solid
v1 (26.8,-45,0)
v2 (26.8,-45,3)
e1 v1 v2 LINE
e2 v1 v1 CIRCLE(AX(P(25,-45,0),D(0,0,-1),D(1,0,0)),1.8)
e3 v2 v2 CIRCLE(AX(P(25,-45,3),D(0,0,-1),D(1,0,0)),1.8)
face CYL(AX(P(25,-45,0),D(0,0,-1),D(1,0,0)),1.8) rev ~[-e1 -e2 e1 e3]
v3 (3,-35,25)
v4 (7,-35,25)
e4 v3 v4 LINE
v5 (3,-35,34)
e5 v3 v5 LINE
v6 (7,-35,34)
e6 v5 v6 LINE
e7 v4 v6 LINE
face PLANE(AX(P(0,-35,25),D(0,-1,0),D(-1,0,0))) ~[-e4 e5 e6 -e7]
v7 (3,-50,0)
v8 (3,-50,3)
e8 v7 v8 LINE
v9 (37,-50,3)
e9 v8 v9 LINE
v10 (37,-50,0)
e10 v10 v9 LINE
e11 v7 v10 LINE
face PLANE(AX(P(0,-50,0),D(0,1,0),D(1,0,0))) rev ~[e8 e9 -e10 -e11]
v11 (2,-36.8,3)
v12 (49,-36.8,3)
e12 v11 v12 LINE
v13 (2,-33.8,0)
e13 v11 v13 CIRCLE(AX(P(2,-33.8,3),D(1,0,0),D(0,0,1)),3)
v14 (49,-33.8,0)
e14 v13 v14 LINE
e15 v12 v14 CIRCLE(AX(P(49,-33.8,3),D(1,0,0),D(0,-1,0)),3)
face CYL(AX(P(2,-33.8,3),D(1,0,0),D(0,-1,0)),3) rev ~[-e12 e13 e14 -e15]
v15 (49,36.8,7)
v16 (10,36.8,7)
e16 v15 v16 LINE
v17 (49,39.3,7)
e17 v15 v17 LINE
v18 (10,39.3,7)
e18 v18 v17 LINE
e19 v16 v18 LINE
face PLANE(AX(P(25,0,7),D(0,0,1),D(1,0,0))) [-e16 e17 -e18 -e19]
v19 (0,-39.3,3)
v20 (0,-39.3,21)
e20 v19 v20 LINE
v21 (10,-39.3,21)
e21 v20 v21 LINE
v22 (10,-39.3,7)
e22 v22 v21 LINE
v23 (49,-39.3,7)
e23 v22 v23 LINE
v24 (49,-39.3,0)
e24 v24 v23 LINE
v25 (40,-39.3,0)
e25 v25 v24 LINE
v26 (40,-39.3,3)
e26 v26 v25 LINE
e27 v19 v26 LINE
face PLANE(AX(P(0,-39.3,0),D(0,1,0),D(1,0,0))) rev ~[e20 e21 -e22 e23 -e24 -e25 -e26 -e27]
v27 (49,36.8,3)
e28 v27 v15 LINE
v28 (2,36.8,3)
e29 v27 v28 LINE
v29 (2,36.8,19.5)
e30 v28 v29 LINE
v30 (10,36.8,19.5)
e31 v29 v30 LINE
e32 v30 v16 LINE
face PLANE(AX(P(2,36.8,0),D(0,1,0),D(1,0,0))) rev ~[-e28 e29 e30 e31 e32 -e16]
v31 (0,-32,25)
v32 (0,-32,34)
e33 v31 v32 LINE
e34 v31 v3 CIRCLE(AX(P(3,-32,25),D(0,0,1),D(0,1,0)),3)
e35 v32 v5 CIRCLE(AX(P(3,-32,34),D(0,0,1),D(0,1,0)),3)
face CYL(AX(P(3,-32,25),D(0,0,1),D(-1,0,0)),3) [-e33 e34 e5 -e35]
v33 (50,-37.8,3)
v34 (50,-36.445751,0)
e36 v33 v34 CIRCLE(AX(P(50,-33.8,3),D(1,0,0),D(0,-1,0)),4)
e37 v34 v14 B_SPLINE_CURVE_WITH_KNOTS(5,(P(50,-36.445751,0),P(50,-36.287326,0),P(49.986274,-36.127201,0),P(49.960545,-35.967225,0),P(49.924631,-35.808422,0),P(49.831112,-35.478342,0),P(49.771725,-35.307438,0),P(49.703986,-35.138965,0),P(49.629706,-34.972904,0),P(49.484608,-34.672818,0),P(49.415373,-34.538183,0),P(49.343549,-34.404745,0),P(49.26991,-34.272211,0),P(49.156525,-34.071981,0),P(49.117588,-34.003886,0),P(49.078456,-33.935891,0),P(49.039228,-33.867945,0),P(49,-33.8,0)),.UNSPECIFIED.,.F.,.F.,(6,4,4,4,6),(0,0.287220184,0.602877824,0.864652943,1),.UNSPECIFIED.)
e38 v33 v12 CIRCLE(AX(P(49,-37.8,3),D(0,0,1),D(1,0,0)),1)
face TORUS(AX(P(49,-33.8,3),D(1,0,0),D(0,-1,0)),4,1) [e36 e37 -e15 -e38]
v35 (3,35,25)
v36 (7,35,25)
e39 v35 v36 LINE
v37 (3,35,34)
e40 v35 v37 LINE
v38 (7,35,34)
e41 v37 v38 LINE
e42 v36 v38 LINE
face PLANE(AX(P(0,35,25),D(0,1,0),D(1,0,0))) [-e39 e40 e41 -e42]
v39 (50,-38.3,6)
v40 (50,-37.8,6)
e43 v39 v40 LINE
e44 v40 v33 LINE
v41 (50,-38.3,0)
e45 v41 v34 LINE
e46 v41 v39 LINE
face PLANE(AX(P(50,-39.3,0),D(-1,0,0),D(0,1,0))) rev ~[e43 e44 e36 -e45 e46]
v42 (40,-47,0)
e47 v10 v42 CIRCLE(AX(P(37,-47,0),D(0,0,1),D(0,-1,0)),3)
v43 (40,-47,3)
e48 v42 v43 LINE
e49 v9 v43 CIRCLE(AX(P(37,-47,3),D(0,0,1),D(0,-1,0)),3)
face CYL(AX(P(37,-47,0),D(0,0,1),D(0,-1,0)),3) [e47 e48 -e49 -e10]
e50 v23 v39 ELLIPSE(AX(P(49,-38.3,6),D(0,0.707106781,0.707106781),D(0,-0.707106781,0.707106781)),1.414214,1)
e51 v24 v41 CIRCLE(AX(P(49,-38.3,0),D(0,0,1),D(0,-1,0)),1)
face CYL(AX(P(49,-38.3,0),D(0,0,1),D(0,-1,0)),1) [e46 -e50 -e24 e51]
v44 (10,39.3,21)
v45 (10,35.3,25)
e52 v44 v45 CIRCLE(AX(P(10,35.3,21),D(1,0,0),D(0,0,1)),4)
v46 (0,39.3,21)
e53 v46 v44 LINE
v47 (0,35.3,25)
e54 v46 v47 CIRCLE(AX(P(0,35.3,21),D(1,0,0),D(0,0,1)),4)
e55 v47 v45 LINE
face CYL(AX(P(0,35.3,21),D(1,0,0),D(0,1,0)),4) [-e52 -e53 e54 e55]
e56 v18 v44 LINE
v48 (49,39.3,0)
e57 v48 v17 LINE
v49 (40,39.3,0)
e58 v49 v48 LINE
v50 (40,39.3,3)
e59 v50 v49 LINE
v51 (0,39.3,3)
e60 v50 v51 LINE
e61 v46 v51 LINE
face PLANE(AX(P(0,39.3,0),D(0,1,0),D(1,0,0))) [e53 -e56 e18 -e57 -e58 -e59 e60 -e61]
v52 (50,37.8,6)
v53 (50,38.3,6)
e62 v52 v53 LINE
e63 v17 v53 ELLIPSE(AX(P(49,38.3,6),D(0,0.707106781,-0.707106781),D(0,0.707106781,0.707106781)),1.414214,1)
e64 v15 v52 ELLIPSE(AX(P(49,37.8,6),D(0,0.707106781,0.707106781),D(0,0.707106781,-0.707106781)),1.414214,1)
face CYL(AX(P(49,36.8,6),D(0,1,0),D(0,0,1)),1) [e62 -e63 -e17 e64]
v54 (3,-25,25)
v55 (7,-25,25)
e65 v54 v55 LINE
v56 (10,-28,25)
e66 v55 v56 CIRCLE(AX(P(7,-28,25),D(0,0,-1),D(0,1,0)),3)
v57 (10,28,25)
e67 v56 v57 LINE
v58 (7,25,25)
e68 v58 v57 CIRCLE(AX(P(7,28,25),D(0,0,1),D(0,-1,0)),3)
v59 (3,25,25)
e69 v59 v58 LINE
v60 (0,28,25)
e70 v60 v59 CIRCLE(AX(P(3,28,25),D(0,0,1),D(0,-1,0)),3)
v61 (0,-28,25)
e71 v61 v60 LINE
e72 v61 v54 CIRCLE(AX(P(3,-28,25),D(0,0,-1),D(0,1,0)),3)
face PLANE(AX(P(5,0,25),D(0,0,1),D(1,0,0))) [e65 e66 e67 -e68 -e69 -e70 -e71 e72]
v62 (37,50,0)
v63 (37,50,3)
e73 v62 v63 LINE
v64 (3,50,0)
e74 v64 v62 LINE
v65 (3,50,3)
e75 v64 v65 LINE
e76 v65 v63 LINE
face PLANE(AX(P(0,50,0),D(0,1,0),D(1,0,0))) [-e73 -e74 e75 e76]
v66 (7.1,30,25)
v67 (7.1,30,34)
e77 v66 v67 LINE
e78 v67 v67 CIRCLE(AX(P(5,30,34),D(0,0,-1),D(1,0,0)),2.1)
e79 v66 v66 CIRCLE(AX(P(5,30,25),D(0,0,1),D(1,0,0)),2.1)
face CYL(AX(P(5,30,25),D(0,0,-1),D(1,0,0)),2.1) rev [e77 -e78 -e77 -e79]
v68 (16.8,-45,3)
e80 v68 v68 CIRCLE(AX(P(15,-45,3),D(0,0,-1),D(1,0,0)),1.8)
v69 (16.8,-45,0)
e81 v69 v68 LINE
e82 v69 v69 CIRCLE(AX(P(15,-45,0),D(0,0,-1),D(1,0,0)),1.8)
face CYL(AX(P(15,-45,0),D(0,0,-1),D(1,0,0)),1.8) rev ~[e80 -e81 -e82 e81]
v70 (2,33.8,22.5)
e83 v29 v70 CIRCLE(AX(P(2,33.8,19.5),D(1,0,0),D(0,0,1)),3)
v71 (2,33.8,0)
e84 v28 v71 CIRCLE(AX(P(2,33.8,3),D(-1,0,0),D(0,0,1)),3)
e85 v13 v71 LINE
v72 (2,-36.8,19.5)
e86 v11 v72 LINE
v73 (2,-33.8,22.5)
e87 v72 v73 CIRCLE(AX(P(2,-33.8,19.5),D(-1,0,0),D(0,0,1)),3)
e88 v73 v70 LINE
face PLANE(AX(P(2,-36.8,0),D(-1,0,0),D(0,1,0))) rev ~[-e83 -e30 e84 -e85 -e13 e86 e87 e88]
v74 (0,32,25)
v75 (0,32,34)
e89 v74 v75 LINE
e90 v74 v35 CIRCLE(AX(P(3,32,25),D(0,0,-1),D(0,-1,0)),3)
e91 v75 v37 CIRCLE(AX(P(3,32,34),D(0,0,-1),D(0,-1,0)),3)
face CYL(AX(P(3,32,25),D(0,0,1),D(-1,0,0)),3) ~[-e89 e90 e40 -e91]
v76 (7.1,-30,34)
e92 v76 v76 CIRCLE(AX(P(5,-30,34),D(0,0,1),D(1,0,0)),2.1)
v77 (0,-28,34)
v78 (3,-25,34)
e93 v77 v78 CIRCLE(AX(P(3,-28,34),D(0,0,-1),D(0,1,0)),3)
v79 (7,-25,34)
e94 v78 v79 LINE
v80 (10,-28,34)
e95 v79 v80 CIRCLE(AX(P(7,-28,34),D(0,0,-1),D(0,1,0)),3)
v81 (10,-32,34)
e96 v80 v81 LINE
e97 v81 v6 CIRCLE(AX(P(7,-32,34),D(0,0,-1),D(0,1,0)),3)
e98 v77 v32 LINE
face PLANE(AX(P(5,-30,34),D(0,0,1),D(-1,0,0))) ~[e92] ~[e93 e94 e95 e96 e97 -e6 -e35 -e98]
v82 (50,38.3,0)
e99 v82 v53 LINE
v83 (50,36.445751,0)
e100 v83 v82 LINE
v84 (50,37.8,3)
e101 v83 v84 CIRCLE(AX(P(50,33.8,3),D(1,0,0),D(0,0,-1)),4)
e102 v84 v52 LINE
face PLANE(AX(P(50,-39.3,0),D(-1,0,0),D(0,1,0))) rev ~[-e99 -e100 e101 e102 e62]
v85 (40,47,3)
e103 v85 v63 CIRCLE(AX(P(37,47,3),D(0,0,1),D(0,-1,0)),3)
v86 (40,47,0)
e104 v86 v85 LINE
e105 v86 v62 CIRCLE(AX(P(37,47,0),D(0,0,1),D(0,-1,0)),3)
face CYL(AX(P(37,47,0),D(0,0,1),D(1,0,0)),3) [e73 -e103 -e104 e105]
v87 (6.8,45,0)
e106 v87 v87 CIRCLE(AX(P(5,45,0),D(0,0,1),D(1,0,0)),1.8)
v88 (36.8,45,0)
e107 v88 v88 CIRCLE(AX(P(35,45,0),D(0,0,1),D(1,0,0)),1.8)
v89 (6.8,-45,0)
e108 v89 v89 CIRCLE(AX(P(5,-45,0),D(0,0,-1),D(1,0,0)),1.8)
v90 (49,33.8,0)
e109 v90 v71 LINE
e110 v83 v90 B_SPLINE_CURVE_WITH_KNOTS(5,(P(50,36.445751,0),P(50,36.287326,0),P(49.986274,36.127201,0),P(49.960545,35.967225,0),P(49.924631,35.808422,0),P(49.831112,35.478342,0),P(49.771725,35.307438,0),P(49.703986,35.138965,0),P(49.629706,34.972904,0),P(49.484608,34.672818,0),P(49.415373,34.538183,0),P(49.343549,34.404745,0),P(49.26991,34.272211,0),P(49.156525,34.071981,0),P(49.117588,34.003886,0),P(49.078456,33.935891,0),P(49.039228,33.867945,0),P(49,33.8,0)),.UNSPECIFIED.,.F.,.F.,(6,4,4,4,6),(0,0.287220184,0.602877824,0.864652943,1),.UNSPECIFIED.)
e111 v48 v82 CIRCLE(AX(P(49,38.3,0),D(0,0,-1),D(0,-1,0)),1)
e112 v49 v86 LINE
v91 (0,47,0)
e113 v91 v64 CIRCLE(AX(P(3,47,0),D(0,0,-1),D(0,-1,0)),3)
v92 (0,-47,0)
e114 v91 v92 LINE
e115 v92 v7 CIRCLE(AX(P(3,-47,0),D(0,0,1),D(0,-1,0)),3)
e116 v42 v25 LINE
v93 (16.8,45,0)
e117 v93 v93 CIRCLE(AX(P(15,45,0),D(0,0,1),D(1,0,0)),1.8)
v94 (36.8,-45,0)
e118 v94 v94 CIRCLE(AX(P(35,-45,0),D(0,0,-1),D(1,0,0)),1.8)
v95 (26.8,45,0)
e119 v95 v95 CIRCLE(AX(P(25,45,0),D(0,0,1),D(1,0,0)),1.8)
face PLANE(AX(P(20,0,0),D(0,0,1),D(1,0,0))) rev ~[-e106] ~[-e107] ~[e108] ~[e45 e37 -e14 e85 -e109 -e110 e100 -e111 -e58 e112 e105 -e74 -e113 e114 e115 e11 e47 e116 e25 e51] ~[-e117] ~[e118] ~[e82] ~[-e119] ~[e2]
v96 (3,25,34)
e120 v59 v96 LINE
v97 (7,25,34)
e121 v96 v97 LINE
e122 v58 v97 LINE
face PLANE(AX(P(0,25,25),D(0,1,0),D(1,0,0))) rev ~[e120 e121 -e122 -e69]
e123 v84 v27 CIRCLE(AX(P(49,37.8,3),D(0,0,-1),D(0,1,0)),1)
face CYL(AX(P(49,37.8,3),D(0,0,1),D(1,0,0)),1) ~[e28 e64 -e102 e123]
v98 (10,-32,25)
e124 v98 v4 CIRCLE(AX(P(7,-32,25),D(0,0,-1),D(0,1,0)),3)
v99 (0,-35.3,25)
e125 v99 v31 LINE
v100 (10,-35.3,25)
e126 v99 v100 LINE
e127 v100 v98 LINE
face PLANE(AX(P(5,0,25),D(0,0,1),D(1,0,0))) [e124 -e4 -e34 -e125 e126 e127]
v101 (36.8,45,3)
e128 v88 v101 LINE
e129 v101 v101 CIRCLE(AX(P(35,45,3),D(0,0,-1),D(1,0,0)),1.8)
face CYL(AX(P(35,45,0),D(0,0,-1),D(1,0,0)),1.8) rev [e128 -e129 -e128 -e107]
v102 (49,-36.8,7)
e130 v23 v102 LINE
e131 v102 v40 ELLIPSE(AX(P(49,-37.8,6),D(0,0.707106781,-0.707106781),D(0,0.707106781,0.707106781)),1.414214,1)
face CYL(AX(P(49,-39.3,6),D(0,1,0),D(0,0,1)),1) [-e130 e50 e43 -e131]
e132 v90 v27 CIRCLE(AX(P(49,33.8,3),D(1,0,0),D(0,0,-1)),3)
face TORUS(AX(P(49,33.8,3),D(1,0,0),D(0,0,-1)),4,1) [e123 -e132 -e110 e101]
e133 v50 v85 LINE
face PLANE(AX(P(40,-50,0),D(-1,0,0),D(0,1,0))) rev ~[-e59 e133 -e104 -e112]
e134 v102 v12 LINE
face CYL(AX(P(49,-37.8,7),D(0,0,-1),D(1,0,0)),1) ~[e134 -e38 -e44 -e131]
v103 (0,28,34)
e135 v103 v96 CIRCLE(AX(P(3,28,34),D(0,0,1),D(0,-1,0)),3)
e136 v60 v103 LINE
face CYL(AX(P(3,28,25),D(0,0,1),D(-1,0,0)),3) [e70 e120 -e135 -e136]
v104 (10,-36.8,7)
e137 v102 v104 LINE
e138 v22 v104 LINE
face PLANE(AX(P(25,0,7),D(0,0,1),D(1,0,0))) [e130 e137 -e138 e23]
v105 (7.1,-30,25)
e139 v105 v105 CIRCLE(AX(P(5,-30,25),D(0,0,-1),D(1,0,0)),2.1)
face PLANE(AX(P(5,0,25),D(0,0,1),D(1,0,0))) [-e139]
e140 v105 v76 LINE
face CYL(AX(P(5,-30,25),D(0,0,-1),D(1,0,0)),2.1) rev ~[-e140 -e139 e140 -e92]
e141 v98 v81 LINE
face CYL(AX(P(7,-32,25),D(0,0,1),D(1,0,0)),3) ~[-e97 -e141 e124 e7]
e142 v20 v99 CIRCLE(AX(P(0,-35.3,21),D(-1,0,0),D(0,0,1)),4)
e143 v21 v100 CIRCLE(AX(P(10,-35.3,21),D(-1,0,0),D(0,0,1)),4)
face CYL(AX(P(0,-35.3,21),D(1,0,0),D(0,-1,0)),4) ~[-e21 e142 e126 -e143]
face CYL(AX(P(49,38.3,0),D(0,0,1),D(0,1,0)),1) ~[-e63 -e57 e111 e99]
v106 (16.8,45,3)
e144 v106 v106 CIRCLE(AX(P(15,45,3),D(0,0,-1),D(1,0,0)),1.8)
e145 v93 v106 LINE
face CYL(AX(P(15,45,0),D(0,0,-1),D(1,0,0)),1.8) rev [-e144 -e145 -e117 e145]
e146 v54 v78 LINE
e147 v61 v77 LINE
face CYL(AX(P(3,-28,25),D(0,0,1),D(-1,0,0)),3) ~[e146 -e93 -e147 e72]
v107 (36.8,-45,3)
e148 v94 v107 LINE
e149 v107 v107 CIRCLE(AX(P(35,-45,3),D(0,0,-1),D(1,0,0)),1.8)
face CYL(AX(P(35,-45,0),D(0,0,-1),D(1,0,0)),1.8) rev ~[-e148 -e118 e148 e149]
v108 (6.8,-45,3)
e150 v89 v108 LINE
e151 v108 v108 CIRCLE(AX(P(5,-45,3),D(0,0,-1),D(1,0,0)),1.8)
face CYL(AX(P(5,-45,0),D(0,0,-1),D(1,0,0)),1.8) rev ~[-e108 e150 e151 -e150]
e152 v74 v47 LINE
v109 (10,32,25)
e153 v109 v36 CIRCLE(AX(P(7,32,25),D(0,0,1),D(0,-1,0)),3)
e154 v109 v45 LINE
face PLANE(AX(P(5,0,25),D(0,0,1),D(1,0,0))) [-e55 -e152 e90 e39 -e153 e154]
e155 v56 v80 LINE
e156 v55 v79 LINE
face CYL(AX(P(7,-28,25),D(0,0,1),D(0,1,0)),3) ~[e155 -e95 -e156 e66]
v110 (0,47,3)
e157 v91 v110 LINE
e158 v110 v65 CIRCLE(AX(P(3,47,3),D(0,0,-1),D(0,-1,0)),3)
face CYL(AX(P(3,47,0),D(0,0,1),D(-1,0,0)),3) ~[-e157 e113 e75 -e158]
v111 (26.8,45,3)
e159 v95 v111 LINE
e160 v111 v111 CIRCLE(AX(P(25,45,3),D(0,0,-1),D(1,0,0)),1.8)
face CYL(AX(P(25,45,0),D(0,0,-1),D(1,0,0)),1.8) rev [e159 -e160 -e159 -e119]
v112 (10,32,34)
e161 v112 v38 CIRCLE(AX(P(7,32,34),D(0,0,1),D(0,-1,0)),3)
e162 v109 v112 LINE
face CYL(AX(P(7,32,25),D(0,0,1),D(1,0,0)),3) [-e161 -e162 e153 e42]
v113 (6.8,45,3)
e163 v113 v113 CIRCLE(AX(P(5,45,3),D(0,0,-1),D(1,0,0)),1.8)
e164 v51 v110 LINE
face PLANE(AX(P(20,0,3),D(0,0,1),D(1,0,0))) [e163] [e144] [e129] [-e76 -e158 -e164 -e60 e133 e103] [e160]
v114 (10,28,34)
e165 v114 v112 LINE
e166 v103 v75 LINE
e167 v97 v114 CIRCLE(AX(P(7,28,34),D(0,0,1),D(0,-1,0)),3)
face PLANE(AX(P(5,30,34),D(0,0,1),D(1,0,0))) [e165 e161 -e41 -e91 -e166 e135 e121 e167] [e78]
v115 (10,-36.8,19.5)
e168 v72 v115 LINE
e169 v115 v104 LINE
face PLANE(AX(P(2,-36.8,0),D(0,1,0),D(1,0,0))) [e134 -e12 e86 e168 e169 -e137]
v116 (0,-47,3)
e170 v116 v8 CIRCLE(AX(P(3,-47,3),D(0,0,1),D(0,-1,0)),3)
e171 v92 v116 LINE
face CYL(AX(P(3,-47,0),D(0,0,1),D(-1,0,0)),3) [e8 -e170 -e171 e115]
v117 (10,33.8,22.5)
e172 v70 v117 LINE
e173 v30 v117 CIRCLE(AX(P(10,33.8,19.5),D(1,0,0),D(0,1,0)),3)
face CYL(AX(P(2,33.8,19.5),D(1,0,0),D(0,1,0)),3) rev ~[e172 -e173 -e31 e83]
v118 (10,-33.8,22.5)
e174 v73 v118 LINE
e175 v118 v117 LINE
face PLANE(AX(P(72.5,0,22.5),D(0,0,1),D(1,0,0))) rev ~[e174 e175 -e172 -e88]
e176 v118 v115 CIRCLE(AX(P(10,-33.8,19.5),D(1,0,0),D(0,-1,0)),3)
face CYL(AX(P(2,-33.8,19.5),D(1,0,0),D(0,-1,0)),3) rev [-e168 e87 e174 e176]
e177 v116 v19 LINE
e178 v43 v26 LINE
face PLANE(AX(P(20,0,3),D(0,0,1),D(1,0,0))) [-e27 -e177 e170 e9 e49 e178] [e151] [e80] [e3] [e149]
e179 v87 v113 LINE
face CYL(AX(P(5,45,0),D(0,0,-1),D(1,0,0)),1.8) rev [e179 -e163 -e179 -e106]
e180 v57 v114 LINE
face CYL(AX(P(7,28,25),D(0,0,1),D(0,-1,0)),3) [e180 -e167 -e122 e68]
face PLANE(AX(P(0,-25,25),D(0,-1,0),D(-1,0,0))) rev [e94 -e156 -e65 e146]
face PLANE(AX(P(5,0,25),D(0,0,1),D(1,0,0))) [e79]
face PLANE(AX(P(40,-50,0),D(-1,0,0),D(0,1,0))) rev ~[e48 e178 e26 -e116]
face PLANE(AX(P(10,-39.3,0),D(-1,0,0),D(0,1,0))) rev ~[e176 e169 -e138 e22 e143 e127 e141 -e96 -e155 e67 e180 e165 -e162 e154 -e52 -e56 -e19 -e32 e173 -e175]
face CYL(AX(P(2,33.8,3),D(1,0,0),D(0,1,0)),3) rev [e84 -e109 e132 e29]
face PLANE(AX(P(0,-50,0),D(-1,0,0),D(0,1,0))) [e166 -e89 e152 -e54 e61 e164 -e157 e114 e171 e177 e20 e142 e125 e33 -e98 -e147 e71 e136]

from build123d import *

# Parameters (mm, degrees)
BOX_W             = 141
BOX_H             = 73.6
BOX_DEPTH         = 22.5
FILLET_R          = 3
CYLINDER001_R     = 2.1
CYLINDER001_DEPTH = 10
BOX003_W          = 10
BOX003_H          = 10
BOX003_DEPTH      = 9
FILLET003_R       = 3
CYLINDER_R        = 1.8
CYLINDER_DEPTH    = 10
ARRAY_X_COUNT     = 4
ARRAY_X_PITCH     = 10
BOX002_W          = 40
BOX002_H          = 100
BOX002_DEPTH      = 3
FILLET001_R       = 3
BOX005_W          = 50
BOX005_H          = 78.6
BOX005_DEPTH      = 7
FILLET005_R       = 1
BOX001_W          = 10
BOX001_H          = 78.6
BOX001_DEPTH      = 25
FILLET002_R       = 4


with BuildPart() as battery_fillet:
    # Box → Box (new body)
    with BuildSketch(Plane(origin=(2, 0, 0), x_dir=(1, 0, 0), z_dir=(0, 0, 1))):
        with Locations((70.5, 36.8)):
            Rectangle(BOX_W, BOX_H)
    extrude(amount=BOX_DEPTH)

    # Fillet
    fillet_edges = [battery_fillet.edges().sort_by_distance(p)[0] for p in [
        (72.5, 0, 0),
        (72.5, 0, 22.5),
        (72.5, 73.6, 0),
        (72.5, 73.6, 22.5),
    ]]
    fillet(fillet_edges, radius=FILLET_R)


with BuildPart() as battery_fillet_1:
    # Fillet placement: moved
    add(battery_fillet.part.moved(Location((0, -36.8, 0))))


with BuildPart() as insert_hole:
    # Cylinder001 → Cylinder001 (new body)
    with BuildSketch(Plane(origin=(5, 0, 0), x_dir=(1, 0, 0), z_dir=(0, 0, 1))):
        Circle(CYLINDER001_R)
    extrude(amount=CYLINDER001_DEPTH)


with BuildPart() as top_insert_box_cut:
    # Box003 → Box003 (new body)
    with BuildSketch(Plane(origin=(0, -5, 0), x_dir=(1, 0, 0), z_dir=(0, 0, 1))):
        with Locations((5, 5)):
            Rectangle(BOX003_W, BOX003_H)
    extrude(amount=BOX003_DEPTH)

    # Fillet003
    fillet003_edges = [top_insert_box_cut.edges().sort_by_distance(p)[0] for p in [
        (0, -5, 4.5),
        (0, 5, 4.5),
        (10, -5, 4.5),
        (10, 5, 4.5),
    ]]
    fillet(fillet003_edges, radius=FILLET003_R)

    # Cut: cut insert hole
    add(insert_hole.part, mode=Mode.SUBTRACT)


with BuildPart() as top_insert_box_cut_1:
    # Cut placement: moved
    add(top_insert_box_cut.part.moved(Location((0, 30, 25))))


with BuildPart() as part_mirroring001:
    # Part__Mirroring001: instance of top insert box cut
    add(top_insert_box_cut_1.part.mirror(Plane(origin=(0, 0, 0), x_dir=(1, 0, 0), z_dir=(0, 1, 0))))


with BuildPart() as bolt_hole:
    # Cylinder → Cylinder (new body)
    with BuildSketch(Plane(origin=(5, 45, 0), x_dir=(1, 0, 0), z_dir=(0, 0, 1))):
        Circle(CYLINDER_R)
    extrude(amount=CYLINDER_DEPTH)


with BuildPart() as bolt_hole_array:
    # Part__Mirroring: instance of bolt hole
    add(bolt_hole.part.mirror(Plane(origin=(0, 0, 0), x_dir=(1, 0, 0), z_dir=(0, 1, 0))))

    # Fusion: union bolt hole
    add(bolt_hole.part)

    # Array X: bolt hole array ×4


with BuildPart() as bolt_hole_array_1:
    add(bolt_hole_array.part)
    with Locations(*[(i * ARRAY_X_PITCH, 0, 0) for i in range(1, ARRAY_X_COUNT)]):
        add(bolt_hole_array.part)


with BuildPart() as back_wall_bottom_cut:
    # Box002 → Box002 (new body)
    with BuildSketch(Plane(origin=(0, -50, 0), x_dir=(1, 0, 0), z_dir=(0, 0, 1))):
        with Locations((20, 50)):
            Rectangle(BOX002_W, BOX002_H)
    extrude(amount=BOX002_DEPTH)

    # Fillet001
    fillet001_edges = [back_wall_bottom_cut.edges().sort_by_distance(p)[0] for p in [
        (0, -50, 1.5),
        (0, 50, 1.5),
        (40, -50, 1.5),
        (40, 50, 1.5),
    ]]
    fillet(fillet001_edges, radius=FILLET001_R)

    # Cut001: cut bolt hole array
    add(bolt_hole_array_1.part, mode=Mode.SUBTRACT)


with BuildPart() as big_bottom_cube_fillet:
    # Box005 → Box005 (new body)
    with BuildSketch(Plane(origin=(0, -39.3, 0), x_dir=(1, 0, 0), z_dir=(0, 0, 1))):
        with Locations((25, 39.3)):
            Rectangle(BOX005_W, BOX005_H)
    extrude(amount=BOX005_DEPTH)

    # Cut004: cut battery fillet
    add(battery_fillet_1.part, mode=Mode.SUBTRACT)

    # Fillet005
    fillet005_edges = [big_bottom_cube_fillet.edges().sort_by_distance(p)[0] for p in [
        (50, -39.3, 3.5),
        (50, 38.05, 7),
        (50, -38.05, 7),
        (50, 39.3, 3.5),
        (50, -36.8, 5),
        (50, -35.92132, 0.87868),
        (50, 35.92132, 0.87868),
        (50, 36.8, 5),
    ]]
    fillet(fillet005_edges, radius=FILLET005_R)


with BuildPart() as battery_back_wall_cut:
    # Box001 → Box001 (new body)
    with BuildSketch(Plane(origin=(0, -39.3, 0), x_dir=(1, 0, 0), z_dir=(0, 0, 1))):
        with Locations((5, 39.3)):
            Rectangle(BOX001_W, BOX001_H)
    extrude(amount=BOX001_DEPTH)

    # Fillet002
    fillet002_edges = [battery_back_wall_cut.edges().sort_by_distance(p)[0] for p in [
        (5, -39.3, 25),
        (5, 39.3, 25),
    ]]
    fillet(fillet002_edges, radius=FILLET002_R)

    # Fusion001: union Part__Mirroring001, top insert box cut, back wall bottom cut, big bottom cube fillet
    add(part_mirroring001.part)
    add(top_insert_box_cut_1.part)
    add(back_wall_bottom_cut.part)
    add(big_bottom_cube_fillet.part)

    # Cut002: cut battery fillet
    add(battery_fillet_1.part, mode=Mode.SUBTRACT)


solid = battery_back_wall_cut.part
